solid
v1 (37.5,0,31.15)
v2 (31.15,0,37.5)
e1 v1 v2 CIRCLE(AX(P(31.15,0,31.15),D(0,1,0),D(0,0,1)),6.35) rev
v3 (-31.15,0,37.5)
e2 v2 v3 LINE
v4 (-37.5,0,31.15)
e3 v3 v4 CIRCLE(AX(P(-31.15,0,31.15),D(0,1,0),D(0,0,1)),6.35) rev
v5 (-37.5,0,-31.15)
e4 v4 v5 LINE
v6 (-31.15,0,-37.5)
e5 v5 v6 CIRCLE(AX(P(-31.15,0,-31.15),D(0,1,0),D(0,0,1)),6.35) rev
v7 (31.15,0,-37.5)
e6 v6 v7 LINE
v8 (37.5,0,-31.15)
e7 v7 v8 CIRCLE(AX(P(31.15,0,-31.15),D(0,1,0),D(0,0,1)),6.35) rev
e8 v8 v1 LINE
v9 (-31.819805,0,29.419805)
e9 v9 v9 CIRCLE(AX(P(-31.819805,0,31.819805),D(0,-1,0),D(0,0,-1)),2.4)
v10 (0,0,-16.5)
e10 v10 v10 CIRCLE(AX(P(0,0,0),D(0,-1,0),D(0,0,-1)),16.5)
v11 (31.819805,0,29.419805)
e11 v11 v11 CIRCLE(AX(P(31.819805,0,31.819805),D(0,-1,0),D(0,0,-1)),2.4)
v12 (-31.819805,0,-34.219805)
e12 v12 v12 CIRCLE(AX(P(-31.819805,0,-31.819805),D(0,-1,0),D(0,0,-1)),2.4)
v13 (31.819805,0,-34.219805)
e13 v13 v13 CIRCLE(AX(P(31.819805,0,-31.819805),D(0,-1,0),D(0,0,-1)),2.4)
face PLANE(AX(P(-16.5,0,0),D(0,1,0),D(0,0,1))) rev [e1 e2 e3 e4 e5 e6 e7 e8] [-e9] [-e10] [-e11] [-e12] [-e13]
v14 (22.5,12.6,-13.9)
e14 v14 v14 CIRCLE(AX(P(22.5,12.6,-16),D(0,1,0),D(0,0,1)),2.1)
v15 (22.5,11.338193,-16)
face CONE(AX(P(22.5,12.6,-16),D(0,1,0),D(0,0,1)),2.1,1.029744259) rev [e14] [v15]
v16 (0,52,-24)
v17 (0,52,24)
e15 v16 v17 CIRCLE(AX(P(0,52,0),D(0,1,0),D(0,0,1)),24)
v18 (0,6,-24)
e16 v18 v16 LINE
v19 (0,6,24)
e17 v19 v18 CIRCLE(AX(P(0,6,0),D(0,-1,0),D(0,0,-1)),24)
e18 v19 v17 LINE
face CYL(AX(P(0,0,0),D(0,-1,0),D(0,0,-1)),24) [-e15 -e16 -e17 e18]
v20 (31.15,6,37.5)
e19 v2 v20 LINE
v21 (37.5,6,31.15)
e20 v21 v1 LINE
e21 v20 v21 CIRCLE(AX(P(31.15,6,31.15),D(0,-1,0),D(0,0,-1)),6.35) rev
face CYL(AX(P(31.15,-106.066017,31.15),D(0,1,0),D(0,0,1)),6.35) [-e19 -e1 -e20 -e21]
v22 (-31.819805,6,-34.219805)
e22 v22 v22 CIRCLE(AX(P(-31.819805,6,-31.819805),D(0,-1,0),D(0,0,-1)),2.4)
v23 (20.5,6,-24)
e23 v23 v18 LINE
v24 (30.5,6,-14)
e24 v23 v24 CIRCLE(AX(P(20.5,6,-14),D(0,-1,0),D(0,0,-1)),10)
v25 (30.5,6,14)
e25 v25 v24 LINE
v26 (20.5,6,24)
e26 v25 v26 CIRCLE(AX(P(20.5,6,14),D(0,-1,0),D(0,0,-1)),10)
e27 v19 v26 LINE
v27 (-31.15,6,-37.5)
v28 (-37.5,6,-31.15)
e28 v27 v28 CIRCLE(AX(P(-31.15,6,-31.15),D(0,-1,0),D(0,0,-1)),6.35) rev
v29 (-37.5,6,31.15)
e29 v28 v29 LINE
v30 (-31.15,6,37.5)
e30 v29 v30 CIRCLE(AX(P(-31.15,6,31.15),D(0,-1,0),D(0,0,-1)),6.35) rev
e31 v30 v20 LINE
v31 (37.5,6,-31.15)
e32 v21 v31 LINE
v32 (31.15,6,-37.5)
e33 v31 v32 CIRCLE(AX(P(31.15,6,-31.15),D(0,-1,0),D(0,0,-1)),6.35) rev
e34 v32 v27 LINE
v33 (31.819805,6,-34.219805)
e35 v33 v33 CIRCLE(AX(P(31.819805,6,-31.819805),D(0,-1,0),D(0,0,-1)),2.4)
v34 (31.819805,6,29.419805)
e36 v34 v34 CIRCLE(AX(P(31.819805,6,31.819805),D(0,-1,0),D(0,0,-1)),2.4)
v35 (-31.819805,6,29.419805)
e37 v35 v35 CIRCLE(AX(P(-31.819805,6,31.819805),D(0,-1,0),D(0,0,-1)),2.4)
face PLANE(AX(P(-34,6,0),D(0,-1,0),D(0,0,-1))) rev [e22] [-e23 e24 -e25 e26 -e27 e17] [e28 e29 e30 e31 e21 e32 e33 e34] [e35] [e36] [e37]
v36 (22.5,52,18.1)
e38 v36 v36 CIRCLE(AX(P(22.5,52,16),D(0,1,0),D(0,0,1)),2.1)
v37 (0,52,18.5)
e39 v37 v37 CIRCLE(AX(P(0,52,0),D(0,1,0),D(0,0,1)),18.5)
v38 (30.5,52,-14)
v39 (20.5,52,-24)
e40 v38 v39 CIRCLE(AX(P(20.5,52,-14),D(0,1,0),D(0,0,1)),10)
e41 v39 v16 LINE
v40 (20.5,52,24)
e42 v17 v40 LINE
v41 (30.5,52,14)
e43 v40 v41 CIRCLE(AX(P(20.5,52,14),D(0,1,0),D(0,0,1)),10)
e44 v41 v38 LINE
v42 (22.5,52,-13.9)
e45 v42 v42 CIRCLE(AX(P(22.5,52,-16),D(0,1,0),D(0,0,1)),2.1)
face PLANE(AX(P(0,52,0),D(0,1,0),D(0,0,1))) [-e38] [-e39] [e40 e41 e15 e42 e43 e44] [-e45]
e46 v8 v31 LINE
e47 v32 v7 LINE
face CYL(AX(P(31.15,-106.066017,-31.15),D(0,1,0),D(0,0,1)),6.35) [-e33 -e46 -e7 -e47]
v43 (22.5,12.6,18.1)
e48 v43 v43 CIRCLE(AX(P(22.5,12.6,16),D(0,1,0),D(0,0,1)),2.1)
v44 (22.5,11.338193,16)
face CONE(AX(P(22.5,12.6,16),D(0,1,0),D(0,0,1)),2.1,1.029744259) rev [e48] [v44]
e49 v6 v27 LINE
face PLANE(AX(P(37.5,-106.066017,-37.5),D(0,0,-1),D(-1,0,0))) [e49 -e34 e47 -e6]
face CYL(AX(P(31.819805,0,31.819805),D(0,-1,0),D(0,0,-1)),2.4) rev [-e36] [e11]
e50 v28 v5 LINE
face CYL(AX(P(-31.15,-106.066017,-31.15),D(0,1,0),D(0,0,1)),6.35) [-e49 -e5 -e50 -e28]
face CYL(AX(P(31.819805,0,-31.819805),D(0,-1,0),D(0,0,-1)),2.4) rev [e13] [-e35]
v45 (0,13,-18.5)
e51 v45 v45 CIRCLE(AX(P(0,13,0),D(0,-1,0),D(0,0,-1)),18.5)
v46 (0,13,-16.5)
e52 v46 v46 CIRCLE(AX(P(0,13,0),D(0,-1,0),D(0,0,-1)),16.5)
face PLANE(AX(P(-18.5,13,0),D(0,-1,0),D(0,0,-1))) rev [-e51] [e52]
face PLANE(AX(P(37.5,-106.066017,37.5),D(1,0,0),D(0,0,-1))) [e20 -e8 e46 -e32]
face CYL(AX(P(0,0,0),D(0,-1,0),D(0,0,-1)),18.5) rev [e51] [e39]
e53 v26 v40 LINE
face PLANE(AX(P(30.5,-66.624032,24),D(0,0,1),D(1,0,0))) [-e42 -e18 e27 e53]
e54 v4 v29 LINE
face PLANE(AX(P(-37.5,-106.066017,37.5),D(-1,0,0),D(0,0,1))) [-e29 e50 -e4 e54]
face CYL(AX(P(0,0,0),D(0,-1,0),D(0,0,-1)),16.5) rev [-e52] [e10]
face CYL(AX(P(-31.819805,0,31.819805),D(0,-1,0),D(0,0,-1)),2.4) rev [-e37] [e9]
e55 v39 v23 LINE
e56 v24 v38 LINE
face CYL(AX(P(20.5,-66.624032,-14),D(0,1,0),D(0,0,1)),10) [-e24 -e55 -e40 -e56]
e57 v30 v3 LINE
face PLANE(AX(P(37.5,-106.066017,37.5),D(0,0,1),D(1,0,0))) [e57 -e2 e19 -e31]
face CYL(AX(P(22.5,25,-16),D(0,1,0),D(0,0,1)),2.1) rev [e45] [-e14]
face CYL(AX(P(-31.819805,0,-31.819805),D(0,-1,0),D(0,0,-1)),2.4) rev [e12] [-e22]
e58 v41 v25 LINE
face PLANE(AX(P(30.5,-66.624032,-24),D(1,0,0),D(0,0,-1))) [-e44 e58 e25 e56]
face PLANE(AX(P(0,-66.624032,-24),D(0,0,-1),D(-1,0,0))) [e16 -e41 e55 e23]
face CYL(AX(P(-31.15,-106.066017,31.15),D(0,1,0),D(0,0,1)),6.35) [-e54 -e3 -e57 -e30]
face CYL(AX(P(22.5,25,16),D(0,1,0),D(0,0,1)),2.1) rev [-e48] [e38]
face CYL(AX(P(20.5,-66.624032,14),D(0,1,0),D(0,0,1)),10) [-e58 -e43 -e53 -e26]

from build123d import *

# Parameters (mm, degrees)
SKETCH2_W                = 75
SKETCH2_H                = 75
SKETCH2_R                = 21
BOSS_EXTRUDE1_DEPTH      = 6
M4_CLEARANCE_HOLE1_D     = 4.8
M4_CLEARANCE_HOLE1_DEPTH = 25
FILLET1_R                = 6.35
SKETCH5_R                = 22.809118079
BOSS_EXTRUDE2_DEPTH      = 19
FILLET2_R                = 10
M5_TAPPED_HOLE1_D        = 4.2
M5_TAPPED_HOLE1_DEPTH    = 12.4
M5_TAPPED_HOLE1_TIP      = 1.2618073
SKETCH11_R               = 18.5
SKETCH11_R_2             = 2.1
BOSS_EXTRUDE3_DEPTH      = 27


with BuildPart() as part:
    # Sketch1 → Revolve1 (revolve)
    with BuildSketch(Plane.XY, mode=Mode.PRIVATE) as revolve1_sk:
        Polygon((-16.5, 0), (-34, 0), (-34, 6), (-24, 6), (-24, 25), (-18.5, 25), (-18.5, 13), (-16.5, 13), align=None)
    revolve(revolve1_sk.sketch.rotate(Axis((0, 0, 0), (0, 1, 0)), 270), axis=Axis((0, 0, 0), (0, 1, 0)))

    # Sketch2 → Boss-Extrude1 (add)
    with BuildSketch(Plane(origin=(0, 6, 0), x_dir=(1, 0, 0), z_dir=(0, 1, 0))):
        Rectangle(SKETCH2_W, SKETCH2_H)
        Circle(SKETCH2_R, mode=Mode.SUBTRACT)
    extrude(amount=-BOSS_EXTRUDE1_DEPTH)

    # M4 Clearance Hole1
    with Locations(Plane(origin=(0, 0, 0), x_dir=(-1, 0, 0), z_dir=(0, -1, 0))):
        with Locations((0, 0), (-31.819805153, 31.819805153), (31.819805153, 31.819805153), (31.819805153, -31.819805153), (-31.819805153, -31.819805153)):
            Hole(M4_CLEARANCE_HOLE1_D / 2, depth=M4_CLEARANCE_HOLE1_DEPTH)

    # Fillet1
    fillet1_edges = [part.edges().sort_by_distance(p)[0] for p in [
        (37.5, 3, 37.5),
        (37.5, 3, -37.5),
        (-37.5, 3, -37.5),
        (-37.5, 3, 37.5),
    ]]
    fillet(fillet1_edges, radius=FILLET1_R)

    # Sketch5 → Boss-Extrude2 (add)
    with BuildSketch(Plane(origin=(0, 25, 0), x_dir=(1, 0, 0), z_dir=(0, 1, 0))):
        with BuildLine():
            Line((0, 24), (6.5, 24))
            Line((6.5, 24), (30.5, 24))
            Line((30.5, 24), (30.5, -24))
            Line((30.5, -24), (6.5, -24))
            Line((6.5, -24), (0, -24))
            ThreePointArc((0, -24), (-24, 0), (0, 24))
        make_face()
        Circle(SKETCH5_R, mode=Mode.SUBTRACT)
    extrude(amount=-BOSS_EXTRUDE2_DEPTH)

    # Fillet2
    fillet2_edges = [part.edges().sort_by_distance(p)[0] for p in [
        (30.5, 15.5, -24),
        (30.5, 15.5, 24),
    ]]
    fillet(fillet2_edges, radius=FILLET2_R)

    # M5 Tapped Hole1
    with Locations(Plane(origin=(0, 25, 0), x_dir=(1, 0, 0), z_dir=(0, 1, 0))):
        with Locations((22.5, 16), (22.5, -16)):
            Hole(M5_TAPPED_HOLE1_D / 2, depth=M5_TAPPED_HOLE1_DEPTH)
            with Locations((0, 0, -(M5_TAPPED_HOLE1_DEPTH + M5_TAPPED_HOLE1_TIP / 2))):  # 118° drill point
                Cone(0, M5_TAPPED_HOLE1_D / 2, M5_TAPPED_HOLE1_TIP, mode=Mode.SUBTRACT)

    # Sketch11 → Boss-Extrude3 (add)
    with BuildSketch(Plane(origin=(0, 25, 0), x_dir=(1, 0, 0), z_dir=(0, 1, 0))):
        with BuildLine():
            Line((0, -24), (20.5, -24))
            ThreePointArc((20.5, -24), (27.571067812, -21.071067812), (30.5, -14))
            Line((30.5, -14), (30.5, 14))
            ThreePointArc((30.5, 14), (27.571067812, 21.071067812), (20.5, 24))
            Line((20.5, 24), (0, 24))
            ThreePointArc((0, 24), (-24, 0), (0, -24))
        make_face()
        with Locations(Location((0, 0, 0), (0, 0, 90))):
            Circle(SKETCH11_R, mode=Mode.SUBTRACT)
        with Locations(Location((22.5, -16, 0), (0, 0, 270))):
            Circle(SKETCH11_R_2, mode=Mode.SUBTRACT)
        with Locations(Location((22.5, 16, 0), (0, 0, 270))):
            Circle(SKETCH11_R_2, mode=Mode.SUBTRACT)
    extrude(amount=BOSS_EXTRUDE3_DEPTH)


solid = part.part
